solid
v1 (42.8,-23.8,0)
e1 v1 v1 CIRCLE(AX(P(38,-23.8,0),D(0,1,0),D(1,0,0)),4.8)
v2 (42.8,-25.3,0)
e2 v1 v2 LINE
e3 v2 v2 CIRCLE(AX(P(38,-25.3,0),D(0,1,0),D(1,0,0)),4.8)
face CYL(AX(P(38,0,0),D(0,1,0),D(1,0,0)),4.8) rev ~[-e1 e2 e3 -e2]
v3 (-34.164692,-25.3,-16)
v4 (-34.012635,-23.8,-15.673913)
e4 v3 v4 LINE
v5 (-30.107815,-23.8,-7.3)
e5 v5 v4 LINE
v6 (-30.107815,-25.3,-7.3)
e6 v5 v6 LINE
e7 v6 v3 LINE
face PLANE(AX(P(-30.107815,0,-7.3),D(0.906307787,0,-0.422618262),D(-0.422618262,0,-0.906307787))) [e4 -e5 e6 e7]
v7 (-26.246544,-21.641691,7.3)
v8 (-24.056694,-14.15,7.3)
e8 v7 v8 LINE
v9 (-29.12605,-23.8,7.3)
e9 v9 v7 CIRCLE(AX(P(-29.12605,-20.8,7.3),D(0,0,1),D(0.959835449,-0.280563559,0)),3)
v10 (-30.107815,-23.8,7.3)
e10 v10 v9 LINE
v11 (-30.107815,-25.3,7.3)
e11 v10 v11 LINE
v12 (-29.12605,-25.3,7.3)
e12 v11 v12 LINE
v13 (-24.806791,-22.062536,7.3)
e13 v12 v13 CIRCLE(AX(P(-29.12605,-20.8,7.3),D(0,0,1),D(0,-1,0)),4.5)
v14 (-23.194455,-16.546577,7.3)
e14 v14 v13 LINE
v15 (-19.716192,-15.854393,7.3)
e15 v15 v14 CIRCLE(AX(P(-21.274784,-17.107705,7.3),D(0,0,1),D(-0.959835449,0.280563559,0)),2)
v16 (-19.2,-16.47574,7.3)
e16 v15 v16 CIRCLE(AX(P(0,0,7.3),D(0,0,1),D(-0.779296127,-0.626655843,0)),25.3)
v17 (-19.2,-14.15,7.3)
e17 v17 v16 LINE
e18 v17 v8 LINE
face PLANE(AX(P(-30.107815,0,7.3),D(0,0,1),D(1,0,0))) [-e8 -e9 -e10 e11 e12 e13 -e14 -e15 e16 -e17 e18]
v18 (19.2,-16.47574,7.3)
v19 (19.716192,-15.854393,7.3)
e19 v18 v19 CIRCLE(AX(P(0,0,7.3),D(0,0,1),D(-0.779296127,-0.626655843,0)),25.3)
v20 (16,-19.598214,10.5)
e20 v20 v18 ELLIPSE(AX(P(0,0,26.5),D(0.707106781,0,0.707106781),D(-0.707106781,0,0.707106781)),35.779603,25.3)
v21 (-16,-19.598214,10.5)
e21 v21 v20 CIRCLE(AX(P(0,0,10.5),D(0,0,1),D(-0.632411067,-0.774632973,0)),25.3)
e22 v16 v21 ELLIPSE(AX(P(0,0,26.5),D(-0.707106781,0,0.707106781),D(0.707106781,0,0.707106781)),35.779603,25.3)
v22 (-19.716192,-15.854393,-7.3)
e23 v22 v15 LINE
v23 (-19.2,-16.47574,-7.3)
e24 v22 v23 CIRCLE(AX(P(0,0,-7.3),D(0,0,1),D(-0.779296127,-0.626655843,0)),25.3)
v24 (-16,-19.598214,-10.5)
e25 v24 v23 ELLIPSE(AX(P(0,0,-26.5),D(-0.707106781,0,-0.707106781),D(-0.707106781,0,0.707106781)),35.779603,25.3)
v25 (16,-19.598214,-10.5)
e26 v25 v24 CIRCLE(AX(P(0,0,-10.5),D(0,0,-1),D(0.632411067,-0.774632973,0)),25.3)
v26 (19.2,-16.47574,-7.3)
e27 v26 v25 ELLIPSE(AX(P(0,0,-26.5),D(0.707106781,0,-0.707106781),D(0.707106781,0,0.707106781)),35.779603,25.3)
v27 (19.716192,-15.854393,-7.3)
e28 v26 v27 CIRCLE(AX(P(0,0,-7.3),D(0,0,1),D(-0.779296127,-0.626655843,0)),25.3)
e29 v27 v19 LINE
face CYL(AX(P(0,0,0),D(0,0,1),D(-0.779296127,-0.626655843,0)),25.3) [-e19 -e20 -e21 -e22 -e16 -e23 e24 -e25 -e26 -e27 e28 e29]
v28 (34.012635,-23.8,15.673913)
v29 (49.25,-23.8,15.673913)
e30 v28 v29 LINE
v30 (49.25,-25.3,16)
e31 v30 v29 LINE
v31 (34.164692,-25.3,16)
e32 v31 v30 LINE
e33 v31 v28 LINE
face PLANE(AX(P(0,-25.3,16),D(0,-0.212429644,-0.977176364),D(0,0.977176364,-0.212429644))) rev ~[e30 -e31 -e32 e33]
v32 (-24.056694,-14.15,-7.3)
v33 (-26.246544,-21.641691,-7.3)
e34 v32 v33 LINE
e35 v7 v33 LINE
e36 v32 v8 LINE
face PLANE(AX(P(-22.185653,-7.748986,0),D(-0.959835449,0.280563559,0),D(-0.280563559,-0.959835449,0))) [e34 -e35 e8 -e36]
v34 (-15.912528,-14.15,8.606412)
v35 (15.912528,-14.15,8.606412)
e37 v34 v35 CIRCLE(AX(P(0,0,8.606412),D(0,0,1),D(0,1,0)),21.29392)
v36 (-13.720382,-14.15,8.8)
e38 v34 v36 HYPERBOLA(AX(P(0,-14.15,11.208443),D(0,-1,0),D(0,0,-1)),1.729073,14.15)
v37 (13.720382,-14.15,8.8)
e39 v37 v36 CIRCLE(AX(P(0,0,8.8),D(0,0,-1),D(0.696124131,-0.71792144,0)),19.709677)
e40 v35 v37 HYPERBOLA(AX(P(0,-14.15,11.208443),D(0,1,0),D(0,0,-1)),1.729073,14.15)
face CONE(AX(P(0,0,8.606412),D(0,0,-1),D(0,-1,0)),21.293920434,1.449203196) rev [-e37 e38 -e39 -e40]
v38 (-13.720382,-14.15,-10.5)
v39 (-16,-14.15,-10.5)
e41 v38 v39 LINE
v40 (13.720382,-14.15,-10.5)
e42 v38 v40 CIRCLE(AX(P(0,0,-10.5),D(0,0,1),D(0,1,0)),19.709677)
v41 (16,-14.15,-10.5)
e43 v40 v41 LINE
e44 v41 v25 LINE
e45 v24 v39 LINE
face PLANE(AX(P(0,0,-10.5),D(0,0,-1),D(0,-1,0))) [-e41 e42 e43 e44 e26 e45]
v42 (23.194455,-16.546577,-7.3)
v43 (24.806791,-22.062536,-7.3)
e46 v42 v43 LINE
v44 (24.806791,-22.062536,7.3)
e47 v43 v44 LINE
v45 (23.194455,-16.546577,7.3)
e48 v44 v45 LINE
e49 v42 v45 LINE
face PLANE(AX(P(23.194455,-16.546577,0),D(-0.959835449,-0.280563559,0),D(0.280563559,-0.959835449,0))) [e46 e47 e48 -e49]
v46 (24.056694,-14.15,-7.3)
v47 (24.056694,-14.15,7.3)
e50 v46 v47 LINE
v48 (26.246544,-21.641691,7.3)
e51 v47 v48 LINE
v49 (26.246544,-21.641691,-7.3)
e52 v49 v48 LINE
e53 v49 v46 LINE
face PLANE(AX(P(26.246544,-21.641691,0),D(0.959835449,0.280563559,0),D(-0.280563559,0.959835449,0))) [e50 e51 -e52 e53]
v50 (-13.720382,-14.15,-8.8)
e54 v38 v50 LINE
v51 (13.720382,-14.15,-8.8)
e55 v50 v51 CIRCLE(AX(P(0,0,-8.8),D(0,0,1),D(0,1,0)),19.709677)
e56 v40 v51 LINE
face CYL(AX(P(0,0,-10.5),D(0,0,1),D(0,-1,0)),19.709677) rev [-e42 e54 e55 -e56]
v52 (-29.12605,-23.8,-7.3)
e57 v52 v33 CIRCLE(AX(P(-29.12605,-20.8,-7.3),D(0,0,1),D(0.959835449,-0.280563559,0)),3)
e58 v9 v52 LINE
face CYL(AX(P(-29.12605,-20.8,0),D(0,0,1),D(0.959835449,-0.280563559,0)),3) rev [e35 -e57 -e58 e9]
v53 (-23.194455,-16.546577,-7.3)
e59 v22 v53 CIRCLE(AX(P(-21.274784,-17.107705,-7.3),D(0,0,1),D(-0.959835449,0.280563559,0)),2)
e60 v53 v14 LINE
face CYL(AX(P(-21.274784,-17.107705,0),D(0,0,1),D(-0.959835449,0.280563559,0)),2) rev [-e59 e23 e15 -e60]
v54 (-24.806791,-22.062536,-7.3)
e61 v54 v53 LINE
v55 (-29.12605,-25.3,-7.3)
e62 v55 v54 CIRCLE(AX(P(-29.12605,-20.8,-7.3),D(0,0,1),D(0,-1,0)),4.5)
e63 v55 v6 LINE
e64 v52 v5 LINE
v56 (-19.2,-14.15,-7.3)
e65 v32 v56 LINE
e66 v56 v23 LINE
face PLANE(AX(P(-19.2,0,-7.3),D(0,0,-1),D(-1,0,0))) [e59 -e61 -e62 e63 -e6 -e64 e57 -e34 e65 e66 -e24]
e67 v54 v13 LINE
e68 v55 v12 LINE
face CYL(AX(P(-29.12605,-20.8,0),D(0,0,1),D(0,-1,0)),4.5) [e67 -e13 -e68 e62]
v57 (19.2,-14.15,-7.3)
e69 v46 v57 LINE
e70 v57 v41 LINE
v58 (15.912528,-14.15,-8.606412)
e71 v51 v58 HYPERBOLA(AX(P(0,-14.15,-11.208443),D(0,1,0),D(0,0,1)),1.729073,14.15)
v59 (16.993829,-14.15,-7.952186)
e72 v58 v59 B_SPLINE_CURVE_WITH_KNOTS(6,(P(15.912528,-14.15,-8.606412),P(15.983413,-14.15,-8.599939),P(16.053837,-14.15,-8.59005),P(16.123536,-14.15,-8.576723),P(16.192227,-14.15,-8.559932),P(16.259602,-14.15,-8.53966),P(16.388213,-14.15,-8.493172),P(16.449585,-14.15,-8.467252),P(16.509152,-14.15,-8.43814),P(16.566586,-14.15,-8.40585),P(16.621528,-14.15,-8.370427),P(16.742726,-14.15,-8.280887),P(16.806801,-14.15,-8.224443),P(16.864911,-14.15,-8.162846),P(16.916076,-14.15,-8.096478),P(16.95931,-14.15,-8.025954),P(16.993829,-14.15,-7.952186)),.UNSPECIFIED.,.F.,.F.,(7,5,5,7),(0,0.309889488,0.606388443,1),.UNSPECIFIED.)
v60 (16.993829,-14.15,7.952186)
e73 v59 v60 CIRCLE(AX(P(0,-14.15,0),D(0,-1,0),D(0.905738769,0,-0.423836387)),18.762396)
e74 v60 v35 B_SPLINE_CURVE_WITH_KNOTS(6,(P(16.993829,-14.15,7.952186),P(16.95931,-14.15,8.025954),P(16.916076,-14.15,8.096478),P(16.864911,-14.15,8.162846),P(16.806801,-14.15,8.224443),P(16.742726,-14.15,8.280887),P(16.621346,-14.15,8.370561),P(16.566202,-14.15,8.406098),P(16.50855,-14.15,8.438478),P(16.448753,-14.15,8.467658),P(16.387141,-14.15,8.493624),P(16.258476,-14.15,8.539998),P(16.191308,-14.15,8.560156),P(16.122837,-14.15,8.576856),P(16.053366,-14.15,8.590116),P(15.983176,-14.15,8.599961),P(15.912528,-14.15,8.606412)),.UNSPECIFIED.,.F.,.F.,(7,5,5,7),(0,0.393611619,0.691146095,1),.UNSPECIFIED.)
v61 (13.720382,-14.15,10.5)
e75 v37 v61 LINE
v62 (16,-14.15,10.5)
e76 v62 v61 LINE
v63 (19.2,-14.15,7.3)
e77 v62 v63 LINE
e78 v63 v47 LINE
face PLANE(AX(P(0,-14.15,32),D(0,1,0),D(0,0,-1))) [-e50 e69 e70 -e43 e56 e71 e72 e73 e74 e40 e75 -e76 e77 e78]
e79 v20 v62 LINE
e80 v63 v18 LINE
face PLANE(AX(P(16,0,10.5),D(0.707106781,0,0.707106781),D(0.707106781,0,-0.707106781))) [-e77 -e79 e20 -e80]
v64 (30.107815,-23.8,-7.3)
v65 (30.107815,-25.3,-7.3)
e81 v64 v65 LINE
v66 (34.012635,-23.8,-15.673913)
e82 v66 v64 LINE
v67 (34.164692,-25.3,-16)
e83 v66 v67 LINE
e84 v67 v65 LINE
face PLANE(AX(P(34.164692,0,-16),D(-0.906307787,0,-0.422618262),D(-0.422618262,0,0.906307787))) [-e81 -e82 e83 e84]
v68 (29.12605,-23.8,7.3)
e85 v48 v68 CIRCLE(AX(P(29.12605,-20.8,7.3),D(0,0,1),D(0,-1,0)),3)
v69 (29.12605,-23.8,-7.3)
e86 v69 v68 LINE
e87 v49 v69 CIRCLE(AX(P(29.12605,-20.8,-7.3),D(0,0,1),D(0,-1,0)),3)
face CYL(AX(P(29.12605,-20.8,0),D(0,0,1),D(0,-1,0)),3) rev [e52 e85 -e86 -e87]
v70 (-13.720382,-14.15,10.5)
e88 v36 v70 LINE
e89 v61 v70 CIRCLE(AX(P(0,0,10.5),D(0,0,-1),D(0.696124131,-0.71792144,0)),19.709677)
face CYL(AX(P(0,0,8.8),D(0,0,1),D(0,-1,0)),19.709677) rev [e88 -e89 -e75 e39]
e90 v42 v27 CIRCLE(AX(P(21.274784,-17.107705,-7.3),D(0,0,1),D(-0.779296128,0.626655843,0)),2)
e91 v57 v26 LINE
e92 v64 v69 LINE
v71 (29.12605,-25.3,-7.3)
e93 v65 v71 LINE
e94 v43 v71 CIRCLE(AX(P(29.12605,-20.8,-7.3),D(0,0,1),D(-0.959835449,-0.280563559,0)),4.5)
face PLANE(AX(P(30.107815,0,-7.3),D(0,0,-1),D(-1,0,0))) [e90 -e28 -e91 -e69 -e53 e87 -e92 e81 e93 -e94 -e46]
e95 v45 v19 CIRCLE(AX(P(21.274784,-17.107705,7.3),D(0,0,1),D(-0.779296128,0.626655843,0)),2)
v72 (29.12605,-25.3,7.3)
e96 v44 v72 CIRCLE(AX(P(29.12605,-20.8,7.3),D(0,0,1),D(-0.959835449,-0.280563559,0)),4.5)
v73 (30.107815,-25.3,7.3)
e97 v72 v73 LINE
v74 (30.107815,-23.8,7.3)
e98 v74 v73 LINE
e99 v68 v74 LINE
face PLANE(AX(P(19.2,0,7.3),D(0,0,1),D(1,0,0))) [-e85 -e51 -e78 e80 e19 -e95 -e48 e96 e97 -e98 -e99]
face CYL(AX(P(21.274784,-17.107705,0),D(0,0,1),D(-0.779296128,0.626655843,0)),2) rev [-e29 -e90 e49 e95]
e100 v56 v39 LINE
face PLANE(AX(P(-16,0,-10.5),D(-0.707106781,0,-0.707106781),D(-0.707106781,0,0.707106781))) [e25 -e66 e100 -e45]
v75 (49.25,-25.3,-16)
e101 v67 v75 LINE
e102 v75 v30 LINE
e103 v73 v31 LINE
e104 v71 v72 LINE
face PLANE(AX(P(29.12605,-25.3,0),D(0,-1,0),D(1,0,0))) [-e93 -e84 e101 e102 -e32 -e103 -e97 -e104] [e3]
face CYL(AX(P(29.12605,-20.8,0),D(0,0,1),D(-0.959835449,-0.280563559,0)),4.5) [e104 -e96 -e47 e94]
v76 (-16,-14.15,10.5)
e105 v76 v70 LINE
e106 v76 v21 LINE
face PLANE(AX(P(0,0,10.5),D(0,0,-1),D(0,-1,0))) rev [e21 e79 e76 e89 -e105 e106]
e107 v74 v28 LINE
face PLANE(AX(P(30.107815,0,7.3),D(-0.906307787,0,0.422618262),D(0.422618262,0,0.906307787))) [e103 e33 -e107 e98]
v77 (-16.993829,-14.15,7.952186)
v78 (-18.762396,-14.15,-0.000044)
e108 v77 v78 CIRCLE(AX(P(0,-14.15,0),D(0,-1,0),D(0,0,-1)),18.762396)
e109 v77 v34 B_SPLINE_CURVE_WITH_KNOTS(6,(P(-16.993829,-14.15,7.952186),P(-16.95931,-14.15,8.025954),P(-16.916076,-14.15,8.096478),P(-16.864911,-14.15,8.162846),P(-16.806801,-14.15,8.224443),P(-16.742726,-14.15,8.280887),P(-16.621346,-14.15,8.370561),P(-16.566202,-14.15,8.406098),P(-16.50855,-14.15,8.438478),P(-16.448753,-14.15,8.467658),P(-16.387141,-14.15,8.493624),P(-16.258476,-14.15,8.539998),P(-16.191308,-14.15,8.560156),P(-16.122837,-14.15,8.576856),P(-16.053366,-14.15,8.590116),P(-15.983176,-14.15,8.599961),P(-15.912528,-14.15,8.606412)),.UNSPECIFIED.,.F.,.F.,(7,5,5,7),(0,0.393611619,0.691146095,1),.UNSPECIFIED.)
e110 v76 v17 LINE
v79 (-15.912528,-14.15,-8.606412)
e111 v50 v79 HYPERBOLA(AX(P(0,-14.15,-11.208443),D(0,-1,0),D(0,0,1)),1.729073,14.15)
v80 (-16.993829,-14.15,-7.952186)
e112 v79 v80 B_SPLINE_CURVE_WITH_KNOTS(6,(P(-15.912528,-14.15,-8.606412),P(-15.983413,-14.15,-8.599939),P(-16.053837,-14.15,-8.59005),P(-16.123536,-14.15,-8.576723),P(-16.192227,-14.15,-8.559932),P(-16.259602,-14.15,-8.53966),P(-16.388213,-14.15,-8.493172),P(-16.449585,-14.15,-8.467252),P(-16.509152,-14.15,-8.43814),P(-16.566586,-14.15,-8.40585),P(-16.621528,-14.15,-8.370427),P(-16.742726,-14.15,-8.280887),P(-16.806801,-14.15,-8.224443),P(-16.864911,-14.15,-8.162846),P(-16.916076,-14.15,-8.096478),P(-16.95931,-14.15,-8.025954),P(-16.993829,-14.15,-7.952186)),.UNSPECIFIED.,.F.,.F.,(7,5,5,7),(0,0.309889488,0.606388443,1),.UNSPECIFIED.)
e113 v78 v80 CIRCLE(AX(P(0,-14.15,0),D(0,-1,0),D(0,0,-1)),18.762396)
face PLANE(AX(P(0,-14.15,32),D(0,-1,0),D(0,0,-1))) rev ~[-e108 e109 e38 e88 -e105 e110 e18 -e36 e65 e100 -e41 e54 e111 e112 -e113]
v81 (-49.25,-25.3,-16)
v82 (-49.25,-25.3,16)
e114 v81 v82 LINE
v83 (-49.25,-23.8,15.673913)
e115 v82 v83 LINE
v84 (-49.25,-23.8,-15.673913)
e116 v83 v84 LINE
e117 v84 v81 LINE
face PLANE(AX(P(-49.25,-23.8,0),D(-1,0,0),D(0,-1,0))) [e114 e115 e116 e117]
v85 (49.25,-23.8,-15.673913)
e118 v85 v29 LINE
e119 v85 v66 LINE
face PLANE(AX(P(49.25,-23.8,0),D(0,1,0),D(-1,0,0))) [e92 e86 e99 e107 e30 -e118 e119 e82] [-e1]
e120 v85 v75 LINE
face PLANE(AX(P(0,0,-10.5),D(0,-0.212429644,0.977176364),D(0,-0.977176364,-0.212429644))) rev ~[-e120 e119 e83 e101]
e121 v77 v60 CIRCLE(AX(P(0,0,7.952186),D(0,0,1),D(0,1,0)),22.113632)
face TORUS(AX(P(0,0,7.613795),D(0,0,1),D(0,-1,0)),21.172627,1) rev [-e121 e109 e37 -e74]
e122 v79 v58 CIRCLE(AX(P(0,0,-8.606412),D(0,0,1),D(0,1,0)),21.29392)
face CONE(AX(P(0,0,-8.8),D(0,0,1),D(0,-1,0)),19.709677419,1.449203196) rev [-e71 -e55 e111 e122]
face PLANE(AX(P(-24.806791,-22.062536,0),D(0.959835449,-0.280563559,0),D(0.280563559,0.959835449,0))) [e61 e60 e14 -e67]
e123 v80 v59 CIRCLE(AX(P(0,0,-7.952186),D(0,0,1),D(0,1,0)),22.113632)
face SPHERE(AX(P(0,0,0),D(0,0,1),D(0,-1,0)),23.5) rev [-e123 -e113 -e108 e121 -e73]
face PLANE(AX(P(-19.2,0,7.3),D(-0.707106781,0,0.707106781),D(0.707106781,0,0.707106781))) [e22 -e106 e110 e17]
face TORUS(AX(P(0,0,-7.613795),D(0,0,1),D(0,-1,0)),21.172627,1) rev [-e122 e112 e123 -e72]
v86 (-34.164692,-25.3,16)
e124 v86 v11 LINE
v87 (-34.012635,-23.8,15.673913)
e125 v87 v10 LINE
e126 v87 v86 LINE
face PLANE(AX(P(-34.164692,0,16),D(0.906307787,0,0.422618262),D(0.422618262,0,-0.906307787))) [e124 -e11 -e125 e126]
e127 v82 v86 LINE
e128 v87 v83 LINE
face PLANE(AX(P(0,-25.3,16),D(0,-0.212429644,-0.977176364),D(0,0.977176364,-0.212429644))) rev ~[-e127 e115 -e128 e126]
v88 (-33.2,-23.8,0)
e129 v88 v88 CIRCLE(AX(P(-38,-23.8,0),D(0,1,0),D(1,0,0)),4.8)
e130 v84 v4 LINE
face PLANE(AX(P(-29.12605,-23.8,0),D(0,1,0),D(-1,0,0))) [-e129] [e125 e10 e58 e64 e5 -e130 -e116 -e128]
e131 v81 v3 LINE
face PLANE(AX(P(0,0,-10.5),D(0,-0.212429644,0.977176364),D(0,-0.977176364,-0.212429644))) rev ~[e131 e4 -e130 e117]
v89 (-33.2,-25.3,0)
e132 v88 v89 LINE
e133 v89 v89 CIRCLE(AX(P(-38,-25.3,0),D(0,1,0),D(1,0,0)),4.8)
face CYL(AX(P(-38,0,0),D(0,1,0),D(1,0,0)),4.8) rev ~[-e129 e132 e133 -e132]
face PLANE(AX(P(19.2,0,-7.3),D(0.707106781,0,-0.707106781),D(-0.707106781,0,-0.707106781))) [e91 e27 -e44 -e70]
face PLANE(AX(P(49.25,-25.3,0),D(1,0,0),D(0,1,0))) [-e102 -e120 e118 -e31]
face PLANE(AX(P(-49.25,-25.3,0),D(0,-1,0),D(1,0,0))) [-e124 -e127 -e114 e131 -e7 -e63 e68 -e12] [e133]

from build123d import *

# Parameters (mm, degrees)
SALIENTE_EXTRUIR1_DEPTH      = 16
SALIENTE_EXTRUIR1_DEPTH_BACK = 16
CORTAR_EXTRUIR1_DEPTH        = 49.25
CORTAR_EXTRUIR1_DEPTH_BACK   = 49.25
CROQUIS3_R                   = 4.8
CORTAR_EXTRUIR2_DEPTH        = 25.3
CROQUIS4_R                   = 4.8
CORTAR_EXTRUIR3_DEPTH        = 25.3
CORTAR_EXTRUIR4_DEPTH        = 98.5
CORTAR_EXTRUIR4_DEPTH_BACK   = 98.5
CROQUIS6_W                   = 64
CROQUIS6_H                   = 50.5
CROQUIS7_W                   = 118.5
CROQUIS7_H                   = 52
CORTAR_EXTRUIR5_DEPTH        = 25.3


with BuildPart() as part:
    # Croquis1 → Saliente-Extruir1 (new, two sides: drawn at the far end of the back side and taken through both)
    with BuildSketch(Plane.XY.offset(-SALIENTE_EXTRUIR1_DEPTH_BACK)):
        with BuildLine():
            Line((-49.25, -23.8), (-49.25, -25.3))
            Line((-49.25, -25.3), (-29.12605042, -25.3))
            ThreePointArc((-29.12605042, -25.3), (-26.427107301, -24.400792418), (-24.806790899, -22.062536016))
            Line((-24.806790899, -22.062536016), (-23.194455177, -16.5465774))
            ThreePointArc((-23.194455177, -16.5465774), (-21.665135808, -15.146167956), (-19.716192024, -15.854392832))
            ThreePointArc((-19.716192024, -15.854392832), (0, -25.3), (19.716192024, -15.854392832))
            ThreePointArc((19.716192024, -15.854392832), (21.665135808, -15.146167956), (23.194455177, -16.5465774))
            Line((23.194455177, -16.5465774), (24.806790899, -22.062536016))
            ThreePointArc((24.806790899, -22.062536016), (26.427107301, -24.400792418), (29.12605042, -25.3))
            Line((29.12605042, -25.3), (49.25, -25.3))
            Line((49.25, -25.3), (49.25, -23.8))
            Line((49.25, -23.8), (29.12605042, -23.8))
            ThreePointArc((29.12605042, -23.8), (27.326755007, -23.200528279), (26.246544073, -21.641690678))
            Line((26.246544073, -21.641690678), (22.185653478, -7.748985725))
            ThreePointArc((22.185653478, -7.748985725), (0, -23.5), (-22.185653478, -7.748985725))
            Line((-22.185653478, -7.748985725), (-26.246544073, -21.641690678))
            ThreePointArc((-26.246544073, -21.641690678), (-27.326755007, -23.200528279), (-29.12605042, -23.8))
            Line((-29.12605042, -23.8), (-49.25, -23.8))
        make_face()
    extrude(amount=SALIENTE_EXTRUIR1_DEPTH + SALIENTE_EXTRUIR1_DEPTH_BACK)

    # Croquis2 → Cortar-Extruir1 (cut, two sides: drawn at the far end of the back side and taken through both)
    with BuildSketch(Plane(origin=(0, 0, 0), x_dir=(0, 0, -1), z_dir=(1, 0, 0)).offset(-CORTAR_EXTRUIR1_DEPTH_BACK)):
        Polygon((-16, -25.3), (-10.5, 0), (-10.5, 25.2), (10.5, 25.2), (10.5, 0), (16, -25.3), (16, 26.2), (-16, 26.2), align=None)
    extrude(amount=CORTAR_EXTRUIR1_DEPTH + CORTAR_EXTRUIR1_DEPTH_BACK, mode=Mode.SUBTRACT)

    # Croquis3 → Cortar-Extruir2 (cut)
    with BuildSketch(Plane(origin=(0, 0, 0), x_dir=(1, 0, 0), z_dir=(0, 1, 0))):
        with Locations((38, 0)):
            Circle(CROQUIS3_R)
    extrude(amount=-CORTAR_EXTRUIR2_DEPTH, mode=Mode.SUBTRACT)

    # Croquis4 → Cortar-Extruir3 (cut)
    with BuildSketch(Plane(origin=(0, 0, 0), x_dir=(1, 0, 0), z_dir=(0, 1, 0))):
        with Locations((-38, 0)):
            Circle(CROQUIS4_R)
    extrude(amount=-CORTAR_EXTRUIR3_DEPTH, mode=Mode.SUBTRACT)

    # Croquis5 → Revolución1 (revolve)
    with BuildSketch(Plane(origin=(0, 0, 0), x_dir=(0, 0, -1), z_dir=(1, 0, 0))):
        with BuildLine():
            Line((-10.5, -19.709677419), (-10.5, -23.65))
            Line((-10.5, -23.65), (10.5, -23.65))
            Line((10.5, -23.65), (10.5, -19.709677419))
            Line((10.5, -19.709677419), (8.8, -19.709677419))
            Line((8.8, -19.709677419), (8.60641193, -21.293920434))
            ThreePointArc((8.60641193, -21.293920434), (8.395381567, -21.796423837), (7.952186088, -22.113632366))
            ThreePointArc((7.952186088, -22.113632366), (-4.5e-08, -23.5), (-7.952186172, -22.113632336))
            ThreePointArc((-7.952186172, -22.113632336), (-8.395381595, -21.796423802), (-8.60641193, -21.293920434))
            Line((-8.60641193, -21.293920434), (-8.8, -19.709677419))
            Line((-8.8, -19.709677419), (-10.5, -19.709677419))
        make_face()
    revolve(axis=Axis((0, 0, 16), (0, 0, -1)))

    # Croquis6 → Cortar-Extruir4 (cut, two sides: drawn at the far end of the back side and taken through both)
    with BuildSketch(Plane(origin=(0, 0, 0), x_dir=(0, 0, -1), z_dir=(1, 0, 0)).offset(-CORTAR_EXTRUIR4_DEPTH_BACK)):
        with Locations((0, 11.1)):
            Rectangle(CROQUIS6_W, CROQUIS6_H)
    extrude(amount=CORTAR_EXTRUIR4_DEPTH + CORTAR_EXTRUIR4_DEPTH_BACK, mode=Mode.SUBTRACT)

    # Croquis7 → Cortar-Extruir5 (cut)
    with BuildSketch(Plane(origin=(0, 0, 0), x_dir=(1, 0, 0), z_dir=(0, 1, 0))):
        Rectangle(CROQUIS7_W, CROQUIS7_H)
        Polygon((-49.25, 16), (-49.25, -16), (-34.16469212, -16), (-30.107815494, -7.3), (-19.2, -7.3), (-16, -10.5), (16, -10.5), (19.2, -7.3), (30.107815494, -7.3), (34.16469212, -16), (49.25, -16), (49.25, 16), (34.16469212, 16), (30.107815494, 7.3), (19.2, 7.3), (16, 10.5), (-16, 10.5), (-19.2, 7.3), (-30.107815494, 7.3), (-34.16469212, 16), align=None, mode=Mode.SUBTRACT)
    extrude(amount=-CORTAR_EXTRUIR5_DEPTH, mode=Mode.SUBTRACT)


solid = part.part
